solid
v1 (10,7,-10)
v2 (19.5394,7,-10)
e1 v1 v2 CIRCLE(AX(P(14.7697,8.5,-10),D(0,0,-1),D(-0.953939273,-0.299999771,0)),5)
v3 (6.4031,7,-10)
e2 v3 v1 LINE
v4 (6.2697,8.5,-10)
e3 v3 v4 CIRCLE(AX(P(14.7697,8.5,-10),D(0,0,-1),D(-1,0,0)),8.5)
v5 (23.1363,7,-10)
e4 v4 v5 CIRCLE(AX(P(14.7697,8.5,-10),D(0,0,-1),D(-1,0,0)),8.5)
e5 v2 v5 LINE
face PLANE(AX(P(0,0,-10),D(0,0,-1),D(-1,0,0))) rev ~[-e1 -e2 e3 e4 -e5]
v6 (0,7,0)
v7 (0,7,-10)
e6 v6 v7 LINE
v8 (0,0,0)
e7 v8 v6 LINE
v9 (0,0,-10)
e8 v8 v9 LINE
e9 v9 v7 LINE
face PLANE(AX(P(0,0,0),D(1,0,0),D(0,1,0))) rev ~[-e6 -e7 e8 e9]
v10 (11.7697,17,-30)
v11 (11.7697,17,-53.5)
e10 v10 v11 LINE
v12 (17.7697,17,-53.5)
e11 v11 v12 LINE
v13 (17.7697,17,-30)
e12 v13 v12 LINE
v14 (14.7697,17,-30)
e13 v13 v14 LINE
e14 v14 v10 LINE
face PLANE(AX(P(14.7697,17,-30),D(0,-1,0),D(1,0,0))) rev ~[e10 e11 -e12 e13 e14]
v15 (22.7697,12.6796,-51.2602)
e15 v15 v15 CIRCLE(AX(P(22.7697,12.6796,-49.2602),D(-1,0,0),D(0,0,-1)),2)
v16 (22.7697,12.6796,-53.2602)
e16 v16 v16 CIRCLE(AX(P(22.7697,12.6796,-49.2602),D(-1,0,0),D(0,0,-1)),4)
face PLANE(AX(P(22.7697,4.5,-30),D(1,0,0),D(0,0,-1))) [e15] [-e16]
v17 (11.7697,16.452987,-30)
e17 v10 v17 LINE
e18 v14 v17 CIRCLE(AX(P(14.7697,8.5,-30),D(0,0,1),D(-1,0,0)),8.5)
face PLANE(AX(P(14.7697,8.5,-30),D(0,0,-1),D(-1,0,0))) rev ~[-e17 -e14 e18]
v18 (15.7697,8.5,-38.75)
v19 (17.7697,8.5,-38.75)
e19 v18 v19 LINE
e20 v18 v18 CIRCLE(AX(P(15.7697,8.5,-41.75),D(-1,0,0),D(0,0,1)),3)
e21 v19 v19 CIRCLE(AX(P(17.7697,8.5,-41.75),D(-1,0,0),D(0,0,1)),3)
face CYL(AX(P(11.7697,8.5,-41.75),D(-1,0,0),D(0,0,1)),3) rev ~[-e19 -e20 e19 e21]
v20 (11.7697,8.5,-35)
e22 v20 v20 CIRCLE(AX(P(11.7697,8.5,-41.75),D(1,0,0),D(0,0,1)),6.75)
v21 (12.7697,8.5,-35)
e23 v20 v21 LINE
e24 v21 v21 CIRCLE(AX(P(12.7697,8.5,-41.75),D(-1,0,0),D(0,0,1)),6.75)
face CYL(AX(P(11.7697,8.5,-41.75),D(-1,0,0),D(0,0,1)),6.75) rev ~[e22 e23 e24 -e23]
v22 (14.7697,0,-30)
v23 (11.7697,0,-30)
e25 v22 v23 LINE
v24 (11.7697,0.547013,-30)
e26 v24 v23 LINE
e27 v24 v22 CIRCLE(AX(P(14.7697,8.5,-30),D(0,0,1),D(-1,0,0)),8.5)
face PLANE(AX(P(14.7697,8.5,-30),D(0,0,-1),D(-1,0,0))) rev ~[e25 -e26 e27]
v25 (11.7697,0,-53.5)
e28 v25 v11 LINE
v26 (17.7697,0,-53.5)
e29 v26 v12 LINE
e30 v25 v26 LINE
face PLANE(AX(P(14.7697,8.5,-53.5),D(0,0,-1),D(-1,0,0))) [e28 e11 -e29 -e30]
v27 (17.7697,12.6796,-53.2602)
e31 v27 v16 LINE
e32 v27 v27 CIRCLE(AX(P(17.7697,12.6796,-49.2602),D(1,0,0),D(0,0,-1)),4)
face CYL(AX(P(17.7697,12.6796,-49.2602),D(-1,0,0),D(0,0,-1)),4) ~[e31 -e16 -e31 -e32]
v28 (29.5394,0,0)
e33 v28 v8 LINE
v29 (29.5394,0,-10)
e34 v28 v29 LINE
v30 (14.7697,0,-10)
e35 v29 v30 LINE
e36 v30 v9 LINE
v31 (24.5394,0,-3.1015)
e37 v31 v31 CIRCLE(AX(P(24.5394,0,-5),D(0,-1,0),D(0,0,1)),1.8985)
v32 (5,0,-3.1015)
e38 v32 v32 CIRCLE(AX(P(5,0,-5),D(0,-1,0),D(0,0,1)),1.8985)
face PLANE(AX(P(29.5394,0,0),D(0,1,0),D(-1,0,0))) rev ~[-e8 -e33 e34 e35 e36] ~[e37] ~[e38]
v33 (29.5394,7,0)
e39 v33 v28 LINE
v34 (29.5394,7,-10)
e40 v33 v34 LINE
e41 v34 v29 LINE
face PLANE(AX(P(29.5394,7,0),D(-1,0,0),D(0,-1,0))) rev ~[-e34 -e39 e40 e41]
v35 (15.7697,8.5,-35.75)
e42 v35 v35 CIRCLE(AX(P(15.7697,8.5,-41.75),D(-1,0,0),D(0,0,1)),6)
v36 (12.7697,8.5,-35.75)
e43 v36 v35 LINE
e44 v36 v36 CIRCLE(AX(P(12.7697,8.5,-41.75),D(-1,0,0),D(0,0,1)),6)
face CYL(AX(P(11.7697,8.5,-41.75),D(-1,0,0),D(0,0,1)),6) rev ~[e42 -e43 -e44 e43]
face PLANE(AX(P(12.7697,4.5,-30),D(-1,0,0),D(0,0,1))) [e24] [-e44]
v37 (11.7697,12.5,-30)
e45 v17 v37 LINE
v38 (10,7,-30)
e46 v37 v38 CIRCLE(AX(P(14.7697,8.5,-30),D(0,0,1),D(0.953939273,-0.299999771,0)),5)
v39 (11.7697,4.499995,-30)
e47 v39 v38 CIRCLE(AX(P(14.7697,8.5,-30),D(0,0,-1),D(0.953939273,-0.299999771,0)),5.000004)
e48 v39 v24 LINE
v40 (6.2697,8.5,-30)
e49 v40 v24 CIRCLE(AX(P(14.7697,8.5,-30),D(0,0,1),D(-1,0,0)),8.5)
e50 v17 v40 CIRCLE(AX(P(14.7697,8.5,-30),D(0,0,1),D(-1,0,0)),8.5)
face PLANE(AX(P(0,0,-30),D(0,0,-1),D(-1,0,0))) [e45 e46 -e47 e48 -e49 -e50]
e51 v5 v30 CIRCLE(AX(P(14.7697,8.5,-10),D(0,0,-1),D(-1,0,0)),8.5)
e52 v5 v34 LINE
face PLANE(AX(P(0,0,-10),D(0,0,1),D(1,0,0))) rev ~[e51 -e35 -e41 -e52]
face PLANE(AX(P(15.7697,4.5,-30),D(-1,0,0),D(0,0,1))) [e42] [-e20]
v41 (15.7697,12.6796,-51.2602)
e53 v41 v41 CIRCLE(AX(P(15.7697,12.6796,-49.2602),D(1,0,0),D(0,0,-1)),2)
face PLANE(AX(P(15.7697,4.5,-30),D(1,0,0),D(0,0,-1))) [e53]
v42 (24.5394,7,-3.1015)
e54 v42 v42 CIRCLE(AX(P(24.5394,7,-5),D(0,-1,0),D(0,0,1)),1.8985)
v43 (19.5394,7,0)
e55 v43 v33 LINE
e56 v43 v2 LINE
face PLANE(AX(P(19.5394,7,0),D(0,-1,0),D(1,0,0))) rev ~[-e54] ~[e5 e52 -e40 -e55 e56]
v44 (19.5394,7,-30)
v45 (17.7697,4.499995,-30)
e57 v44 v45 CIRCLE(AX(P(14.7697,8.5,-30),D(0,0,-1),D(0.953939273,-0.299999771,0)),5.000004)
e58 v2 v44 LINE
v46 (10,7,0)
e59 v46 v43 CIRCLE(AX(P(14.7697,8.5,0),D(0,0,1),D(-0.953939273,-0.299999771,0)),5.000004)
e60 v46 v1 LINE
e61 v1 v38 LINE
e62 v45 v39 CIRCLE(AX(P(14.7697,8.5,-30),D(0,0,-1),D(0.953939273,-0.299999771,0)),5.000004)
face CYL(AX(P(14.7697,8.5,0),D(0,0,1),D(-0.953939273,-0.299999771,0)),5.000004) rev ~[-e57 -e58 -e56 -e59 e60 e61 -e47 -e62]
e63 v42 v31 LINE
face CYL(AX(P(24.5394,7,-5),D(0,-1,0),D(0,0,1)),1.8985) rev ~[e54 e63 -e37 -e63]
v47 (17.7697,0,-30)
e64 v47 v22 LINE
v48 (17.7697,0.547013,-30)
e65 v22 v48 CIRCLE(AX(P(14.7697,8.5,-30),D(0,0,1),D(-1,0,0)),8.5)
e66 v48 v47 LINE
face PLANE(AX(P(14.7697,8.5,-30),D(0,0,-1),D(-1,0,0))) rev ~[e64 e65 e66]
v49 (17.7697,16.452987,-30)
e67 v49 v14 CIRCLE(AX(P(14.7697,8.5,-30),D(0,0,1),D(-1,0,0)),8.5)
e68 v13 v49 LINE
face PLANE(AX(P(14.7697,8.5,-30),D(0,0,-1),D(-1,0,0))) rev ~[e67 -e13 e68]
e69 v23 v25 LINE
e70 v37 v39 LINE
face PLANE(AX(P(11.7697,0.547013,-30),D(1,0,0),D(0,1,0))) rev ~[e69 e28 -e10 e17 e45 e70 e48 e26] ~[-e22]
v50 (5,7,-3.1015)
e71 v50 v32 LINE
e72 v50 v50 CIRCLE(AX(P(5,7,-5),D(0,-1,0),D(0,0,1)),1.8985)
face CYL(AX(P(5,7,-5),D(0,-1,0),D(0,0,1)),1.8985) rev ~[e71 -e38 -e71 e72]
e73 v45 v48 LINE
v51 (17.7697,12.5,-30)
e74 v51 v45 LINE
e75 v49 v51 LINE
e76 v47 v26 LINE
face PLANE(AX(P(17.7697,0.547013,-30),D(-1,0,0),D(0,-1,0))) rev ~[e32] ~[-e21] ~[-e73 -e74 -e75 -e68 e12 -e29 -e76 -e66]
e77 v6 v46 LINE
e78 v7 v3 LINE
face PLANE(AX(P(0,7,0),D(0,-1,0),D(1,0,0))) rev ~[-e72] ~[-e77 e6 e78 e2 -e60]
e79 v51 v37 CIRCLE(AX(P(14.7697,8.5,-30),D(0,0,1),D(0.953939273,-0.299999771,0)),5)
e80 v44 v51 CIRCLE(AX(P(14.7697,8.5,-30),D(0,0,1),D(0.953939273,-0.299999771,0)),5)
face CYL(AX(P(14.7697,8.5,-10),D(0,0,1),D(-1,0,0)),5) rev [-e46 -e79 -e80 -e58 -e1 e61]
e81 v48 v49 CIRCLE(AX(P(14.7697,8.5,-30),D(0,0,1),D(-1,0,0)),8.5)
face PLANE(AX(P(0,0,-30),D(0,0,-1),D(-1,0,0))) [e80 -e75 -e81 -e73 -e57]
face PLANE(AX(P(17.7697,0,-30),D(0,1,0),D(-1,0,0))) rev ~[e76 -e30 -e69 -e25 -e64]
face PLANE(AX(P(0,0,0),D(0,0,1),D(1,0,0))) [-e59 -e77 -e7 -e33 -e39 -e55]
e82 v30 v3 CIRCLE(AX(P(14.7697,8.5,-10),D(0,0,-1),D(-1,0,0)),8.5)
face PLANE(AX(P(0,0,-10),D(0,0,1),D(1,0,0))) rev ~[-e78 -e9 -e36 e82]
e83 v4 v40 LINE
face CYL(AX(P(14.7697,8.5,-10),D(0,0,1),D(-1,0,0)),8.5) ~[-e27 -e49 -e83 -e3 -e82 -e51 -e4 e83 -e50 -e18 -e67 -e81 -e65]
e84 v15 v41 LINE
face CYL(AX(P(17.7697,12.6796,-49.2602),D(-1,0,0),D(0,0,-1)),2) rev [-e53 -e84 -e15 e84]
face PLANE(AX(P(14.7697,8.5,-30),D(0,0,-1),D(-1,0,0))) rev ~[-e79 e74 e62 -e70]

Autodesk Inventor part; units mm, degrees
ref_plane "YZ Plane" through (0, 0, 0) normal (1, 0, 0) x (0, 1, 0)
ref_plane "XZ Plane" through (0, 0, 0) normal (0, 1, 0) x (-1, 0, 0)
ref_plane "XY Plane" through (0, 0, 0) normal (0, 0, 1) x (1, 0, 0)
sketch "Sketch1" plane through (0, 0, 0) normal (0, 0, 1) x (1, 0, 0)
  line L0 (0, 0) -> (0, 7)
  line L1 (0, 7) -> (10, 7)
  arc A0 (10, 7) -> (19.5394, 7) centre (14.7697, 8.5) ccw
  line L2 (19.5394, 7) -> (29.5394, 7)
  line L3 (29.5394, 7) -> (29.5394, 0)
  line L4 (29.5394, 0) -> (0, 0)
  dimension "d0" = 10
  dimension "d1" = 5
  dimension "d2" = 7
  dimension "d4" = 1.5
extrude "Extrusion1" add sketch "Sketch1" against normal blind 10
sketch "Sketch3" plane through (0, 0, -10) normal (0, 0, -1) x (-1, 0, 0)
  line L0 (0, 0) -> (0, 7) projected
  line L1 (0, 7) -> (-10, 7) projected
  arc A0 (-19.5394, 7) -> (-10, 7) centre (-14.7697, 8.5) ccw projected
  line L2 (-19.5394, 7) -> (-29.5394, 7) projected
  line L3 (-29.5394, 7) -> (-29.5394, 0) projected
  line L4 (-29.5394, 0) -> (0, 0) projected
  circle A1 centre (-14.7697, 8.5) radius 5
  circle A2 centre (-14.7697, 8.5) radius 8.5
  line L5 (-29.5394, 0) -> (0, 0) projected
extrude "Extrusion2" add sketch "Sketch3" along normal blind 20 contours A2 L2 A0 L1 | L1 A1 L2 A2
sketch "Sketch4" plane through (14.7697, 8.5, -30) normal (0, 0, -1) x (-1, 0, 0)
  line L0 (-14.7697, -8.5) -> (14.7697, -8.5) projected
  line L1 (0, -8.5) -> (3, -8.5)
  line L2 (0, -8.5) -> (-3, -8.5)
  circle A0 centre (0, 0) radius 5 projected
  circle A1 centre (0, 0) radius 8.5 projected
  line L3 (-3, -8.5) -> (3, -8.5)
  line L4 (3, -8.5) -> (3, 8.5)
  line L5 (3, 8.5) -> (-3, 8.5)
  line L6 (-3, 8.5) -> (-3, -8.5)
  dimension "d18" = 3
  dimension "d19" = 3
extrude "Extrusion3" add sketch "Sketch4" along normal blind 23.5 contours L6 A1 L0 | A1 L4 L0 | A1 L6 A0 L4 | L6 L5 A1 | A1 L4 A0 L6 | L6 A0 L4 | L5 L4 A1
sketch "Sketch6" plane through (11.7697, 4.5, -30) normal (-1, 0, 0) x (0, 0, 1)
  line L0 (0, 12.5) -> (-23.5, 12.5) projected
  line L1 (-11.75, 12.5) -> (-11.75, 4)
  line L2 (-11.75, 4) -> (-23.5, 4)
  circle A0 centre (-11.75, 4) radius 6.75
  circle A1 centre (-11.75, 4) radius 3
  circle A2 centre (-11.75, 4) radius 6
  point P0 (30, -4.5)
  dimension "d26" = 8.5
  dimension "d27" = 13.5
  dimension "d28" = 6
  dimension "d29" = 12
extrude "Extrusion4" cut sketch "Sketch6" against normal blind 1 contours A0 L2 A2 L1 | L1 A2 L2 A0
extrude "Extrusion5" cut sketch "Sketch6" against normal blind 4 contours A2 L2 A1 L1 | L1 A1 L2 A2
extrude "Extrusion6" cut sketch "Sketch6" against normal up to surface (6 mm away) contours A1 L2 L1 | L1 L2 A1
sketch "Sketch7" plane through (17.7697, 4.5, -30) normal (1, 0, 0) x (0, 0, -1)
  line L0 (11.75, 4) -> (23.5, 4) projected
  circle A0 centre (11.75, 4) radius 6.75 projected
  line L1 (18.5, 4) -> (23.5, 4)
  circle A1 centre (19.2602, 8.1796) radius 2
  circle A2 centre (19.2602, 8.1796) radius 4
  point P0 (-30, -4.5)
  dimension "d40" = 4
  dimension "d41" = 2
extrude "Extrusion7" add sketch "Sketch7" along normal blind 5 contours A2 A0 A1 | A0 A1 A2
extrude "Extrusion8" cut sketch "Sketch7" against normal blind 2 contours A1 A0 | A0 A1
sketch "Sketch8" plane through (0, 7, 0) normal (0, 1, 0) x (1, 0, 0)
  line L0 (0, 0) -> (10, 0) projected
  line L1 (5, 0) -> (5, 10)
  line L2 (0, 10) -> (6.4031, 10) projected
  line L3 (19.5394, 0) -> (29.5394, 0) projected
  line L4 (24.5394, 0) -> (24.5394, 10)
  point P0 (24.5394, 5)
  point P1 (5, 5)
hole "Hole2" at (5, 7, -5) at (24.5394, 7, -5) direction (0, -1, 0) diameter 3.797 end through all clearance for "Flat Head Machine Screw (82)" size "#6" standard "Ansi Unified Screw Threads"
properties part number "frontChassis"
